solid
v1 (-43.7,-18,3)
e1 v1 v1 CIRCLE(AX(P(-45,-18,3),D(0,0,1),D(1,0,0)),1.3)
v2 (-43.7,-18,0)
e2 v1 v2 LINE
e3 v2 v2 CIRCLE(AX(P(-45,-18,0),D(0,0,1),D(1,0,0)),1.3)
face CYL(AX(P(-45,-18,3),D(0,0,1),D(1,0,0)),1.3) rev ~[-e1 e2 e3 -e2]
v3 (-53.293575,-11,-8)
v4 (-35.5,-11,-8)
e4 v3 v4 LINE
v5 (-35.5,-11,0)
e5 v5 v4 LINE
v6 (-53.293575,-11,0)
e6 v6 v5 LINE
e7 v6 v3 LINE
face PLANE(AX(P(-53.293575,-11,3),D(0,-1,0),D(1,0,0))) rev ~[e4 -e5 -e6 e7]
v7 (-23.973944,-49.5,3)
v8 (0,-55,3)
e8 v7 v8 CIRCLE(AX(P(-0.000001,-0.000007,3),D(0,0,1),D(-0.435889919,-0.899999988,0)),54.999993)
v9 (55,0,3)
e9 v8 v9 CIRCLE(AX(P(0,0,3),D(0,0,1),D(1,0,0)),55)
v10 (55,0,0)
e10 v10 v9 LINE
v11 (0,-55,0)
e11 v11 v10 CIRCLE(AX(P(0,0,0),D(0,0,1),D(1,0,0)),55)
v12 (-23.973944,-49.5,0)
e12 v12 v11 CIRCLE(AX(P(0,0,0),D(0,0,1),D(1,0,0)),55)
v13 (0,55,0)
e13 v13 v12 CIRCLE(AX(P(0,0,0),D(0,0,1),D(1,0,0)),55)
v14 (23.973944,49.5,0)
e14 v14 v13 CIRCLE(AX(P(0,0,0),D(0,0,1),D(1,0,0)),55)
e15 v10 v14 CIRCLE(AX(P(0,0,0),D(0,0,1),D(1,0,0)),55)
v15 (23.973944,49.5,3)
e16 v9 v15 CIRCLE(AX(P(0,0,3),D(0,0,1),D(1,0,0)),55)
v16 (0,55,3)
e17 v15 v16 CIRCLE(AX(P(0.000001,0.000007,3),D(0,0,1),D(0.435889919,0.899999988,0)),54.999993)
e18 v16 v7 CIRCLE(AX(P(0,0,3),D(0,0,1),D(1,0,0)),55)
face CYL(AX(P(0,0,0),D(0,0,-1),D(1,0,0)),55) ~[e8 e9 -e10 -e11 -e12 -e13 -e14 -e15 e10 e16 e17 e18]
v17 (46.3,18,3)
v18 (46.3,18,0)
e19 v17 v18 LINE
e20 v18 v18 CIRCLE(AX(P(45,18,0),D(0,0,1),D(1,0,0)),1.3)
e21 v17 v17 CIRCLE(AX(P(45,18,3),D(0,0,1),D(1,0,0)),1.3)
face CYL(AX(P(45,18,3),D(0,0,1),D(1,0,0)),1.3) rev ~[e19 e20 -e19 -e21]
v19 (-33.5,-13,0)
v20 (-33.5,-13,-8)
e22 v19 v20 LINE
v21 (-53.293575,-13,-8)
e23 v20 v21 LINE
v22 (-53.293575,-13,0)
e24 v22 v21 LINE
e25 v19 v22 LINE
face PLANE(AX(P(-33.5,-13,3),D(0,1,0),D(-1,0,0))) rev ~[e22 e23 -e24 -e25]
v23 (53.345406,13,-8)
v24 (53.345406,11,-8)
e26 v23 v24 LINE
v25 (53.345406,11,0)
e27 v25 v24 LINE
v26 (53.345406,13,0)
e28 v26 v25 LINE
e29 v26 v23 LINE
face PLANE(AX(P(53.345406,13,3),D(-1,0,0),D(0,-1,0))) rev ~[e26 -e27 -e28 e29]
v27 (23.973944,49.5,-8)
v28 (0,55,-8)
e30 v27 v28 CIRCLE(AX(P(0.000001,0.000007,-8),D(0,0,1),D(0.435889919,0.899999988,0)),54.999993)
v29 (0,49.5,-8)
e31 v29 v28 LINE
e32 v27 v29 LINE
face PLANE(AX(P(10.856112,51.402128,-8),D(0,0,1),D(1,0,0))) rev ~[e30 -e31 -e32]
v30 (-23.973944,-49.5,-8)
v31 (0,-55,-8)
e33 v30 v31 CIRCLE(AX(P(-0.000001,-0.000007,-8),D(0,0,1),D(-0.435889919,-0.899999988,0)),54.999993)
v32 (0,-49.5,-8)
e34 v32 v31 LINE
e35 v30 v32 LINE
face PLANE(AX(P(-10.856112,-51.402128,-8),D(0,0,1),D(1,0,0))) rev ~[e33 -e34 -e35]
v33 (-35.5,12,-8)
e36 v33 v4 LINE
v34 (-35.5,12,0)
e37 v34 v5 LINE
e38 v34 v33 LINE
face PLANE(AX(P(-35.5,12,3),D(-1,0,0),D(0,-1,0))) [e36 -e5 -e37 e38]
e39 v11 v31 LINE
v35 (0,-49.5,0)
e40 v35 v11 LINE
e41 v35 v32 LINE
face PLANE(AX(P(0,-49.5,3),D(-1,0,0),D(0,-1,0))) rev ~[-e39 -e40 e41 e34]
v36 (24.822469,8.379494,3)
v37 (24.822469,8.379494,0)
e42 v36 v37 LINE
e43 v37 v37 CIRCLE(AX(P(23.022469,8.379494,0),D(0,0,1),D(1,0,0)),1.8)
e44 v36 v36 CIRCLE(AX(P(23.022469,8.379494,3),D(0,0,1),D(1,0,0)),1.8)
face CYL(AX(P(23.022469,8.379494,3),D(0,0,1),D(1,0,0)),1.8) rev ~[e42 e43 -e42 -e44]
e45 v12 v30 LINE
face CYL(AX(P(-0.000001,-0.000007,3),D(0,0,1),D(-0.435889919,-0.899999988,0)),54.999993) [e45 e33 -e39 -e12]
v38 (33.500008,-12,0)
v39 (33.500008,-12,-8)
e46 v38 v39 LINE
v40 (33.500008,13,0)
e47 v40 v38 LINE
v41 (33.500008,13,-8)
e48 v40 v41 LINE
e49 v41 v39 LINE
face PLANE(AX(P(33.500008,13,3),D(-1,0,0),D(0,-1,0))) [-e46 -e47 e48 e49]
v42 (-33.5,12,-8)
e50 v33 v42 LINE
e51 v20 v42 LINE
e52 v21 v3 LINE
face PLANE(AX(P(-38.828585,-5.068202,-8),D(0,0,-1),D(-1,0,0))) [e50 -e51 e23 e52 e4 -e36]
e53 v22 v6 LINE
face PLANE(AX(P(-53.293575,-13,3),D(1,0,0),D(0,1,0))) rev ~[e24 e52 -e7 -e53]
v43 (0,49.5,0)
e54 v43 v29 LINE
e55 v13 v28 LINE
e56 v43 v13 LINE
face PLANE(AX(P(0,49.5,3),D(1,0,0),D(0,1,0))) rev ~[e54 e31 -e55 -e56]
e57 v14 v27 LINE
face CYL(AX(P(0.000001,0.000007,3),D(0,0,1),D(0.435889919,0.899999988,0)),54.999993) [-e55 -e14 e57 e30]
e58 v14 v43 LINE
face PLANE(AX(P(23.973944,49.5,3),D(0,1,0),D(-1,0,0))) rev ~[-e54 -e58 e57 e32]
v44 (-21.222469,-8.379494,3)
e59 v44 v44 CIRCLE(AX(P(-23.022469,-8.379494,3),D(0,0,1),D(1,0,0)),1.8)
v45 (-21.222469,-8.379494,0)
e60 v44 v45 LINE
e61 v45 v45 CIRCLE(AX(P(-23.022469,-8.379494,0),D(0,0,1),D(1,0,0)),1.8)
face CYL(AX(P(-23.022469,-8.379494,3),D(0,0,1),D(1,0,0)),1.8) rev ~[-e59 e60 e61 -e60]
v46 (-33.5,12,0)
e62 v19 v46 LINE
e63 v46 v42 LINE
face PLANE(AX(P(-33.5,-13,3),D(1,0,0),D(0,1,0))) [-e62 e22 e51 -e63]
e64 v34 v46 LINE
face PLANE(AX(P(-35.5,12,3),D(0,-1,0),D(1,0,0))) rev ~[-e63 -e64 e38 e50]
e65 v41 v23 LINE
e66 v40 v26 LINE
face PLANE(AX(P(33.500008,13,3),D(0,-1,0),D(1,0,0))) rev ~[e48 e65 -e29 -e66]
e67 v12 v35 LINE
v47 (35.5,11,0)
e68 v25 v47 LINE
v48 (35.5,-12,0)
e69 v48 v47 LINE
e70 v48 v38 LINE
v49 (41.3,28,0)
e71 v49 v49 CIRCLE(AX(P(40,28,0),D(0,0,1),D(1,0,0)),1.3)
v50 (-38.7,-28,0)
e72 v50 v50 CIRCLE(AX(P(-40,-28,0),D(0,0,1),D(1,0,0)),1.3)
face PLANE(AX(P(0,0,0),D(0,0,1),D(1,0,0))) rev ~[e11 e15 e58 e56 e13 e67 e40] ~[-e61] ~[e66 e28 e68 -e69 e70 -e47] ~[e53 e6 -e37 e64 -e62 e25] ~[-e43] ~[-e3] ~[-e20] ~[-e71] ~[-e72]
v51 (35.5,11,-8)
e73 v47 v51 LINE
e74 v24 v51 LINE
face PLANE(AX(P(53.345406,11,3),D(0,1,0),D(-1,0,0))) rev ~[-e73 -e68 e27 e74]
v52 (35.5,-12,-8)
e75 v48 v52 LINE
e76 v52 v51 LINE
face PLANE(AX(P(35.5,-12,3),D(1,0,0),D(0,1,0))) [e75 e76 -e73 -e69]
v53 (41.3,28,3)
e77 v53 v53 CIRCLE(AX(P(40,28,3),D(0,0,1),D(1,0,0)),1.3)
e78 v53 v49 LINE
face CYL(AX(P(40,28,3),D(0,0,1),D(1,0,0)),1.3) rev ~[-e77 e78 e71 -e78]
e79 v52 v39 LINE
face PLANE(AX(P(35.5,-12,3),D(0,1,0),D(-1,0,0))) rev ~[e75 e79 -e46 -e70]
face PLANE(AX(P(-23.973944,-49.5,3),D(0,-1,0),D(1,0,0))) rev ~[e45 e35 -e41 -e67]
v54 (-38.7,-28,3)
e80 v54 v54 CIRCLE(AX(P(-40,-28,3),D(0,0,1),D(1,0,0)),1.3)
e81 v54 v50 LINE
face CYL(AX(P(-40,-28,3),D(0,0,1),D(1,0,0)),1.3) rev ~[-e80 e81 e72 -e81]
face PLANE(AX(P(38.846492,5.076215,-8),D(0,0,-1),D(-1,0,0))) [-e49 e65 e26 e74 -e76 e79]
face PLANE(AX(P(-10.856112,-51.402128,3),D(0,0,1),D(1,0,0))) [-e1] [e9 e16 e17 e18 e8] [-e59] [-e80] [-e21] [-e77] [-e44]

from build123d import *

# Parameters (mm, degrees)
SKETCH_R      = 55
PAD_DEPTH     = 3
SKETCH003_R   = 1.3
SKETCH003_R_2 = 1.8
POCKET_DEPTH  = 5
PAD001_DEPTH  = 11
PAD002_DEPTH  = 11


with BuildPart() as part:
    # Sketch → Pad (new body)
    with BuildSketch(Plane.XY):
        Circle(SKETCH_R)
    extrude(amount=PAD_DEPTH)

    # Sketch003 → Pocket (cut)
    with BuildSketch(Plane.XY.offset(3)):
        with Locations((-45, -18)):
            Circle(SKETCH003_R)
        with Locations((45, 18)):
            Circle(SKETCH003_R)
        with Locations((-40, -28)):
            Circle(SKETCH003_R)
        with Locations((40, 28)):
            Circle(SKETCH003_R)
        with Locations((-23.022469, -8.379494)):
            Circle(SKETCH003_R_2)
        with Locations((23.022469, 8.379494)):
            Circle(SKETCH003_R_2)
    extrude(amount=-POCKET_DEPTH, mode=Mode.SUBTRACT)

    # Sketch001 (on Face3 of Pad) → Pad001 (join)
    with BuildSketch(Plane.XY.offset(3)):
        Polygon((33.500008, 0), (33.500008, 13), (53.345406, 13), (53.345406, 11), (35.5, 11), (35.5, -0.005684), (35.5, -12), (33.500008, -12), align=None)
        Polygon((-33.5, 0), (-33.5, -13), (-53.293575, -13), (-53.293575, -11), (-35.5, -11), (-35.5, 0.001212), (-35.5, 12), (-33.5, 12), align=None)
    extrude(amount=-PAD001_DEPTH)

    # Sketch002 → Pad002 (join)
    with BuildSketch(Plane.XY.offset(3)):
        with BuildLine():
            ThreePointArc((-23.973944, -49.5), (-12.298374, -53.607369), (0, -55))
            Line((0, -49.5), (0, -55))
            Line((-23.973944, -49.5), (0, -49.5))
        make_face()
        with BuildLine():
            ThreePointArc((23.973944, 49.5), (12.298374, 53.607369), (0, 55))
            Line((0, 49.5), (0, 55))
            Line((23.973944, 49.5), (0, 49.5))
        make_face()
    extrude(amount=-PAD002_DEPTH)


solid = part.part
